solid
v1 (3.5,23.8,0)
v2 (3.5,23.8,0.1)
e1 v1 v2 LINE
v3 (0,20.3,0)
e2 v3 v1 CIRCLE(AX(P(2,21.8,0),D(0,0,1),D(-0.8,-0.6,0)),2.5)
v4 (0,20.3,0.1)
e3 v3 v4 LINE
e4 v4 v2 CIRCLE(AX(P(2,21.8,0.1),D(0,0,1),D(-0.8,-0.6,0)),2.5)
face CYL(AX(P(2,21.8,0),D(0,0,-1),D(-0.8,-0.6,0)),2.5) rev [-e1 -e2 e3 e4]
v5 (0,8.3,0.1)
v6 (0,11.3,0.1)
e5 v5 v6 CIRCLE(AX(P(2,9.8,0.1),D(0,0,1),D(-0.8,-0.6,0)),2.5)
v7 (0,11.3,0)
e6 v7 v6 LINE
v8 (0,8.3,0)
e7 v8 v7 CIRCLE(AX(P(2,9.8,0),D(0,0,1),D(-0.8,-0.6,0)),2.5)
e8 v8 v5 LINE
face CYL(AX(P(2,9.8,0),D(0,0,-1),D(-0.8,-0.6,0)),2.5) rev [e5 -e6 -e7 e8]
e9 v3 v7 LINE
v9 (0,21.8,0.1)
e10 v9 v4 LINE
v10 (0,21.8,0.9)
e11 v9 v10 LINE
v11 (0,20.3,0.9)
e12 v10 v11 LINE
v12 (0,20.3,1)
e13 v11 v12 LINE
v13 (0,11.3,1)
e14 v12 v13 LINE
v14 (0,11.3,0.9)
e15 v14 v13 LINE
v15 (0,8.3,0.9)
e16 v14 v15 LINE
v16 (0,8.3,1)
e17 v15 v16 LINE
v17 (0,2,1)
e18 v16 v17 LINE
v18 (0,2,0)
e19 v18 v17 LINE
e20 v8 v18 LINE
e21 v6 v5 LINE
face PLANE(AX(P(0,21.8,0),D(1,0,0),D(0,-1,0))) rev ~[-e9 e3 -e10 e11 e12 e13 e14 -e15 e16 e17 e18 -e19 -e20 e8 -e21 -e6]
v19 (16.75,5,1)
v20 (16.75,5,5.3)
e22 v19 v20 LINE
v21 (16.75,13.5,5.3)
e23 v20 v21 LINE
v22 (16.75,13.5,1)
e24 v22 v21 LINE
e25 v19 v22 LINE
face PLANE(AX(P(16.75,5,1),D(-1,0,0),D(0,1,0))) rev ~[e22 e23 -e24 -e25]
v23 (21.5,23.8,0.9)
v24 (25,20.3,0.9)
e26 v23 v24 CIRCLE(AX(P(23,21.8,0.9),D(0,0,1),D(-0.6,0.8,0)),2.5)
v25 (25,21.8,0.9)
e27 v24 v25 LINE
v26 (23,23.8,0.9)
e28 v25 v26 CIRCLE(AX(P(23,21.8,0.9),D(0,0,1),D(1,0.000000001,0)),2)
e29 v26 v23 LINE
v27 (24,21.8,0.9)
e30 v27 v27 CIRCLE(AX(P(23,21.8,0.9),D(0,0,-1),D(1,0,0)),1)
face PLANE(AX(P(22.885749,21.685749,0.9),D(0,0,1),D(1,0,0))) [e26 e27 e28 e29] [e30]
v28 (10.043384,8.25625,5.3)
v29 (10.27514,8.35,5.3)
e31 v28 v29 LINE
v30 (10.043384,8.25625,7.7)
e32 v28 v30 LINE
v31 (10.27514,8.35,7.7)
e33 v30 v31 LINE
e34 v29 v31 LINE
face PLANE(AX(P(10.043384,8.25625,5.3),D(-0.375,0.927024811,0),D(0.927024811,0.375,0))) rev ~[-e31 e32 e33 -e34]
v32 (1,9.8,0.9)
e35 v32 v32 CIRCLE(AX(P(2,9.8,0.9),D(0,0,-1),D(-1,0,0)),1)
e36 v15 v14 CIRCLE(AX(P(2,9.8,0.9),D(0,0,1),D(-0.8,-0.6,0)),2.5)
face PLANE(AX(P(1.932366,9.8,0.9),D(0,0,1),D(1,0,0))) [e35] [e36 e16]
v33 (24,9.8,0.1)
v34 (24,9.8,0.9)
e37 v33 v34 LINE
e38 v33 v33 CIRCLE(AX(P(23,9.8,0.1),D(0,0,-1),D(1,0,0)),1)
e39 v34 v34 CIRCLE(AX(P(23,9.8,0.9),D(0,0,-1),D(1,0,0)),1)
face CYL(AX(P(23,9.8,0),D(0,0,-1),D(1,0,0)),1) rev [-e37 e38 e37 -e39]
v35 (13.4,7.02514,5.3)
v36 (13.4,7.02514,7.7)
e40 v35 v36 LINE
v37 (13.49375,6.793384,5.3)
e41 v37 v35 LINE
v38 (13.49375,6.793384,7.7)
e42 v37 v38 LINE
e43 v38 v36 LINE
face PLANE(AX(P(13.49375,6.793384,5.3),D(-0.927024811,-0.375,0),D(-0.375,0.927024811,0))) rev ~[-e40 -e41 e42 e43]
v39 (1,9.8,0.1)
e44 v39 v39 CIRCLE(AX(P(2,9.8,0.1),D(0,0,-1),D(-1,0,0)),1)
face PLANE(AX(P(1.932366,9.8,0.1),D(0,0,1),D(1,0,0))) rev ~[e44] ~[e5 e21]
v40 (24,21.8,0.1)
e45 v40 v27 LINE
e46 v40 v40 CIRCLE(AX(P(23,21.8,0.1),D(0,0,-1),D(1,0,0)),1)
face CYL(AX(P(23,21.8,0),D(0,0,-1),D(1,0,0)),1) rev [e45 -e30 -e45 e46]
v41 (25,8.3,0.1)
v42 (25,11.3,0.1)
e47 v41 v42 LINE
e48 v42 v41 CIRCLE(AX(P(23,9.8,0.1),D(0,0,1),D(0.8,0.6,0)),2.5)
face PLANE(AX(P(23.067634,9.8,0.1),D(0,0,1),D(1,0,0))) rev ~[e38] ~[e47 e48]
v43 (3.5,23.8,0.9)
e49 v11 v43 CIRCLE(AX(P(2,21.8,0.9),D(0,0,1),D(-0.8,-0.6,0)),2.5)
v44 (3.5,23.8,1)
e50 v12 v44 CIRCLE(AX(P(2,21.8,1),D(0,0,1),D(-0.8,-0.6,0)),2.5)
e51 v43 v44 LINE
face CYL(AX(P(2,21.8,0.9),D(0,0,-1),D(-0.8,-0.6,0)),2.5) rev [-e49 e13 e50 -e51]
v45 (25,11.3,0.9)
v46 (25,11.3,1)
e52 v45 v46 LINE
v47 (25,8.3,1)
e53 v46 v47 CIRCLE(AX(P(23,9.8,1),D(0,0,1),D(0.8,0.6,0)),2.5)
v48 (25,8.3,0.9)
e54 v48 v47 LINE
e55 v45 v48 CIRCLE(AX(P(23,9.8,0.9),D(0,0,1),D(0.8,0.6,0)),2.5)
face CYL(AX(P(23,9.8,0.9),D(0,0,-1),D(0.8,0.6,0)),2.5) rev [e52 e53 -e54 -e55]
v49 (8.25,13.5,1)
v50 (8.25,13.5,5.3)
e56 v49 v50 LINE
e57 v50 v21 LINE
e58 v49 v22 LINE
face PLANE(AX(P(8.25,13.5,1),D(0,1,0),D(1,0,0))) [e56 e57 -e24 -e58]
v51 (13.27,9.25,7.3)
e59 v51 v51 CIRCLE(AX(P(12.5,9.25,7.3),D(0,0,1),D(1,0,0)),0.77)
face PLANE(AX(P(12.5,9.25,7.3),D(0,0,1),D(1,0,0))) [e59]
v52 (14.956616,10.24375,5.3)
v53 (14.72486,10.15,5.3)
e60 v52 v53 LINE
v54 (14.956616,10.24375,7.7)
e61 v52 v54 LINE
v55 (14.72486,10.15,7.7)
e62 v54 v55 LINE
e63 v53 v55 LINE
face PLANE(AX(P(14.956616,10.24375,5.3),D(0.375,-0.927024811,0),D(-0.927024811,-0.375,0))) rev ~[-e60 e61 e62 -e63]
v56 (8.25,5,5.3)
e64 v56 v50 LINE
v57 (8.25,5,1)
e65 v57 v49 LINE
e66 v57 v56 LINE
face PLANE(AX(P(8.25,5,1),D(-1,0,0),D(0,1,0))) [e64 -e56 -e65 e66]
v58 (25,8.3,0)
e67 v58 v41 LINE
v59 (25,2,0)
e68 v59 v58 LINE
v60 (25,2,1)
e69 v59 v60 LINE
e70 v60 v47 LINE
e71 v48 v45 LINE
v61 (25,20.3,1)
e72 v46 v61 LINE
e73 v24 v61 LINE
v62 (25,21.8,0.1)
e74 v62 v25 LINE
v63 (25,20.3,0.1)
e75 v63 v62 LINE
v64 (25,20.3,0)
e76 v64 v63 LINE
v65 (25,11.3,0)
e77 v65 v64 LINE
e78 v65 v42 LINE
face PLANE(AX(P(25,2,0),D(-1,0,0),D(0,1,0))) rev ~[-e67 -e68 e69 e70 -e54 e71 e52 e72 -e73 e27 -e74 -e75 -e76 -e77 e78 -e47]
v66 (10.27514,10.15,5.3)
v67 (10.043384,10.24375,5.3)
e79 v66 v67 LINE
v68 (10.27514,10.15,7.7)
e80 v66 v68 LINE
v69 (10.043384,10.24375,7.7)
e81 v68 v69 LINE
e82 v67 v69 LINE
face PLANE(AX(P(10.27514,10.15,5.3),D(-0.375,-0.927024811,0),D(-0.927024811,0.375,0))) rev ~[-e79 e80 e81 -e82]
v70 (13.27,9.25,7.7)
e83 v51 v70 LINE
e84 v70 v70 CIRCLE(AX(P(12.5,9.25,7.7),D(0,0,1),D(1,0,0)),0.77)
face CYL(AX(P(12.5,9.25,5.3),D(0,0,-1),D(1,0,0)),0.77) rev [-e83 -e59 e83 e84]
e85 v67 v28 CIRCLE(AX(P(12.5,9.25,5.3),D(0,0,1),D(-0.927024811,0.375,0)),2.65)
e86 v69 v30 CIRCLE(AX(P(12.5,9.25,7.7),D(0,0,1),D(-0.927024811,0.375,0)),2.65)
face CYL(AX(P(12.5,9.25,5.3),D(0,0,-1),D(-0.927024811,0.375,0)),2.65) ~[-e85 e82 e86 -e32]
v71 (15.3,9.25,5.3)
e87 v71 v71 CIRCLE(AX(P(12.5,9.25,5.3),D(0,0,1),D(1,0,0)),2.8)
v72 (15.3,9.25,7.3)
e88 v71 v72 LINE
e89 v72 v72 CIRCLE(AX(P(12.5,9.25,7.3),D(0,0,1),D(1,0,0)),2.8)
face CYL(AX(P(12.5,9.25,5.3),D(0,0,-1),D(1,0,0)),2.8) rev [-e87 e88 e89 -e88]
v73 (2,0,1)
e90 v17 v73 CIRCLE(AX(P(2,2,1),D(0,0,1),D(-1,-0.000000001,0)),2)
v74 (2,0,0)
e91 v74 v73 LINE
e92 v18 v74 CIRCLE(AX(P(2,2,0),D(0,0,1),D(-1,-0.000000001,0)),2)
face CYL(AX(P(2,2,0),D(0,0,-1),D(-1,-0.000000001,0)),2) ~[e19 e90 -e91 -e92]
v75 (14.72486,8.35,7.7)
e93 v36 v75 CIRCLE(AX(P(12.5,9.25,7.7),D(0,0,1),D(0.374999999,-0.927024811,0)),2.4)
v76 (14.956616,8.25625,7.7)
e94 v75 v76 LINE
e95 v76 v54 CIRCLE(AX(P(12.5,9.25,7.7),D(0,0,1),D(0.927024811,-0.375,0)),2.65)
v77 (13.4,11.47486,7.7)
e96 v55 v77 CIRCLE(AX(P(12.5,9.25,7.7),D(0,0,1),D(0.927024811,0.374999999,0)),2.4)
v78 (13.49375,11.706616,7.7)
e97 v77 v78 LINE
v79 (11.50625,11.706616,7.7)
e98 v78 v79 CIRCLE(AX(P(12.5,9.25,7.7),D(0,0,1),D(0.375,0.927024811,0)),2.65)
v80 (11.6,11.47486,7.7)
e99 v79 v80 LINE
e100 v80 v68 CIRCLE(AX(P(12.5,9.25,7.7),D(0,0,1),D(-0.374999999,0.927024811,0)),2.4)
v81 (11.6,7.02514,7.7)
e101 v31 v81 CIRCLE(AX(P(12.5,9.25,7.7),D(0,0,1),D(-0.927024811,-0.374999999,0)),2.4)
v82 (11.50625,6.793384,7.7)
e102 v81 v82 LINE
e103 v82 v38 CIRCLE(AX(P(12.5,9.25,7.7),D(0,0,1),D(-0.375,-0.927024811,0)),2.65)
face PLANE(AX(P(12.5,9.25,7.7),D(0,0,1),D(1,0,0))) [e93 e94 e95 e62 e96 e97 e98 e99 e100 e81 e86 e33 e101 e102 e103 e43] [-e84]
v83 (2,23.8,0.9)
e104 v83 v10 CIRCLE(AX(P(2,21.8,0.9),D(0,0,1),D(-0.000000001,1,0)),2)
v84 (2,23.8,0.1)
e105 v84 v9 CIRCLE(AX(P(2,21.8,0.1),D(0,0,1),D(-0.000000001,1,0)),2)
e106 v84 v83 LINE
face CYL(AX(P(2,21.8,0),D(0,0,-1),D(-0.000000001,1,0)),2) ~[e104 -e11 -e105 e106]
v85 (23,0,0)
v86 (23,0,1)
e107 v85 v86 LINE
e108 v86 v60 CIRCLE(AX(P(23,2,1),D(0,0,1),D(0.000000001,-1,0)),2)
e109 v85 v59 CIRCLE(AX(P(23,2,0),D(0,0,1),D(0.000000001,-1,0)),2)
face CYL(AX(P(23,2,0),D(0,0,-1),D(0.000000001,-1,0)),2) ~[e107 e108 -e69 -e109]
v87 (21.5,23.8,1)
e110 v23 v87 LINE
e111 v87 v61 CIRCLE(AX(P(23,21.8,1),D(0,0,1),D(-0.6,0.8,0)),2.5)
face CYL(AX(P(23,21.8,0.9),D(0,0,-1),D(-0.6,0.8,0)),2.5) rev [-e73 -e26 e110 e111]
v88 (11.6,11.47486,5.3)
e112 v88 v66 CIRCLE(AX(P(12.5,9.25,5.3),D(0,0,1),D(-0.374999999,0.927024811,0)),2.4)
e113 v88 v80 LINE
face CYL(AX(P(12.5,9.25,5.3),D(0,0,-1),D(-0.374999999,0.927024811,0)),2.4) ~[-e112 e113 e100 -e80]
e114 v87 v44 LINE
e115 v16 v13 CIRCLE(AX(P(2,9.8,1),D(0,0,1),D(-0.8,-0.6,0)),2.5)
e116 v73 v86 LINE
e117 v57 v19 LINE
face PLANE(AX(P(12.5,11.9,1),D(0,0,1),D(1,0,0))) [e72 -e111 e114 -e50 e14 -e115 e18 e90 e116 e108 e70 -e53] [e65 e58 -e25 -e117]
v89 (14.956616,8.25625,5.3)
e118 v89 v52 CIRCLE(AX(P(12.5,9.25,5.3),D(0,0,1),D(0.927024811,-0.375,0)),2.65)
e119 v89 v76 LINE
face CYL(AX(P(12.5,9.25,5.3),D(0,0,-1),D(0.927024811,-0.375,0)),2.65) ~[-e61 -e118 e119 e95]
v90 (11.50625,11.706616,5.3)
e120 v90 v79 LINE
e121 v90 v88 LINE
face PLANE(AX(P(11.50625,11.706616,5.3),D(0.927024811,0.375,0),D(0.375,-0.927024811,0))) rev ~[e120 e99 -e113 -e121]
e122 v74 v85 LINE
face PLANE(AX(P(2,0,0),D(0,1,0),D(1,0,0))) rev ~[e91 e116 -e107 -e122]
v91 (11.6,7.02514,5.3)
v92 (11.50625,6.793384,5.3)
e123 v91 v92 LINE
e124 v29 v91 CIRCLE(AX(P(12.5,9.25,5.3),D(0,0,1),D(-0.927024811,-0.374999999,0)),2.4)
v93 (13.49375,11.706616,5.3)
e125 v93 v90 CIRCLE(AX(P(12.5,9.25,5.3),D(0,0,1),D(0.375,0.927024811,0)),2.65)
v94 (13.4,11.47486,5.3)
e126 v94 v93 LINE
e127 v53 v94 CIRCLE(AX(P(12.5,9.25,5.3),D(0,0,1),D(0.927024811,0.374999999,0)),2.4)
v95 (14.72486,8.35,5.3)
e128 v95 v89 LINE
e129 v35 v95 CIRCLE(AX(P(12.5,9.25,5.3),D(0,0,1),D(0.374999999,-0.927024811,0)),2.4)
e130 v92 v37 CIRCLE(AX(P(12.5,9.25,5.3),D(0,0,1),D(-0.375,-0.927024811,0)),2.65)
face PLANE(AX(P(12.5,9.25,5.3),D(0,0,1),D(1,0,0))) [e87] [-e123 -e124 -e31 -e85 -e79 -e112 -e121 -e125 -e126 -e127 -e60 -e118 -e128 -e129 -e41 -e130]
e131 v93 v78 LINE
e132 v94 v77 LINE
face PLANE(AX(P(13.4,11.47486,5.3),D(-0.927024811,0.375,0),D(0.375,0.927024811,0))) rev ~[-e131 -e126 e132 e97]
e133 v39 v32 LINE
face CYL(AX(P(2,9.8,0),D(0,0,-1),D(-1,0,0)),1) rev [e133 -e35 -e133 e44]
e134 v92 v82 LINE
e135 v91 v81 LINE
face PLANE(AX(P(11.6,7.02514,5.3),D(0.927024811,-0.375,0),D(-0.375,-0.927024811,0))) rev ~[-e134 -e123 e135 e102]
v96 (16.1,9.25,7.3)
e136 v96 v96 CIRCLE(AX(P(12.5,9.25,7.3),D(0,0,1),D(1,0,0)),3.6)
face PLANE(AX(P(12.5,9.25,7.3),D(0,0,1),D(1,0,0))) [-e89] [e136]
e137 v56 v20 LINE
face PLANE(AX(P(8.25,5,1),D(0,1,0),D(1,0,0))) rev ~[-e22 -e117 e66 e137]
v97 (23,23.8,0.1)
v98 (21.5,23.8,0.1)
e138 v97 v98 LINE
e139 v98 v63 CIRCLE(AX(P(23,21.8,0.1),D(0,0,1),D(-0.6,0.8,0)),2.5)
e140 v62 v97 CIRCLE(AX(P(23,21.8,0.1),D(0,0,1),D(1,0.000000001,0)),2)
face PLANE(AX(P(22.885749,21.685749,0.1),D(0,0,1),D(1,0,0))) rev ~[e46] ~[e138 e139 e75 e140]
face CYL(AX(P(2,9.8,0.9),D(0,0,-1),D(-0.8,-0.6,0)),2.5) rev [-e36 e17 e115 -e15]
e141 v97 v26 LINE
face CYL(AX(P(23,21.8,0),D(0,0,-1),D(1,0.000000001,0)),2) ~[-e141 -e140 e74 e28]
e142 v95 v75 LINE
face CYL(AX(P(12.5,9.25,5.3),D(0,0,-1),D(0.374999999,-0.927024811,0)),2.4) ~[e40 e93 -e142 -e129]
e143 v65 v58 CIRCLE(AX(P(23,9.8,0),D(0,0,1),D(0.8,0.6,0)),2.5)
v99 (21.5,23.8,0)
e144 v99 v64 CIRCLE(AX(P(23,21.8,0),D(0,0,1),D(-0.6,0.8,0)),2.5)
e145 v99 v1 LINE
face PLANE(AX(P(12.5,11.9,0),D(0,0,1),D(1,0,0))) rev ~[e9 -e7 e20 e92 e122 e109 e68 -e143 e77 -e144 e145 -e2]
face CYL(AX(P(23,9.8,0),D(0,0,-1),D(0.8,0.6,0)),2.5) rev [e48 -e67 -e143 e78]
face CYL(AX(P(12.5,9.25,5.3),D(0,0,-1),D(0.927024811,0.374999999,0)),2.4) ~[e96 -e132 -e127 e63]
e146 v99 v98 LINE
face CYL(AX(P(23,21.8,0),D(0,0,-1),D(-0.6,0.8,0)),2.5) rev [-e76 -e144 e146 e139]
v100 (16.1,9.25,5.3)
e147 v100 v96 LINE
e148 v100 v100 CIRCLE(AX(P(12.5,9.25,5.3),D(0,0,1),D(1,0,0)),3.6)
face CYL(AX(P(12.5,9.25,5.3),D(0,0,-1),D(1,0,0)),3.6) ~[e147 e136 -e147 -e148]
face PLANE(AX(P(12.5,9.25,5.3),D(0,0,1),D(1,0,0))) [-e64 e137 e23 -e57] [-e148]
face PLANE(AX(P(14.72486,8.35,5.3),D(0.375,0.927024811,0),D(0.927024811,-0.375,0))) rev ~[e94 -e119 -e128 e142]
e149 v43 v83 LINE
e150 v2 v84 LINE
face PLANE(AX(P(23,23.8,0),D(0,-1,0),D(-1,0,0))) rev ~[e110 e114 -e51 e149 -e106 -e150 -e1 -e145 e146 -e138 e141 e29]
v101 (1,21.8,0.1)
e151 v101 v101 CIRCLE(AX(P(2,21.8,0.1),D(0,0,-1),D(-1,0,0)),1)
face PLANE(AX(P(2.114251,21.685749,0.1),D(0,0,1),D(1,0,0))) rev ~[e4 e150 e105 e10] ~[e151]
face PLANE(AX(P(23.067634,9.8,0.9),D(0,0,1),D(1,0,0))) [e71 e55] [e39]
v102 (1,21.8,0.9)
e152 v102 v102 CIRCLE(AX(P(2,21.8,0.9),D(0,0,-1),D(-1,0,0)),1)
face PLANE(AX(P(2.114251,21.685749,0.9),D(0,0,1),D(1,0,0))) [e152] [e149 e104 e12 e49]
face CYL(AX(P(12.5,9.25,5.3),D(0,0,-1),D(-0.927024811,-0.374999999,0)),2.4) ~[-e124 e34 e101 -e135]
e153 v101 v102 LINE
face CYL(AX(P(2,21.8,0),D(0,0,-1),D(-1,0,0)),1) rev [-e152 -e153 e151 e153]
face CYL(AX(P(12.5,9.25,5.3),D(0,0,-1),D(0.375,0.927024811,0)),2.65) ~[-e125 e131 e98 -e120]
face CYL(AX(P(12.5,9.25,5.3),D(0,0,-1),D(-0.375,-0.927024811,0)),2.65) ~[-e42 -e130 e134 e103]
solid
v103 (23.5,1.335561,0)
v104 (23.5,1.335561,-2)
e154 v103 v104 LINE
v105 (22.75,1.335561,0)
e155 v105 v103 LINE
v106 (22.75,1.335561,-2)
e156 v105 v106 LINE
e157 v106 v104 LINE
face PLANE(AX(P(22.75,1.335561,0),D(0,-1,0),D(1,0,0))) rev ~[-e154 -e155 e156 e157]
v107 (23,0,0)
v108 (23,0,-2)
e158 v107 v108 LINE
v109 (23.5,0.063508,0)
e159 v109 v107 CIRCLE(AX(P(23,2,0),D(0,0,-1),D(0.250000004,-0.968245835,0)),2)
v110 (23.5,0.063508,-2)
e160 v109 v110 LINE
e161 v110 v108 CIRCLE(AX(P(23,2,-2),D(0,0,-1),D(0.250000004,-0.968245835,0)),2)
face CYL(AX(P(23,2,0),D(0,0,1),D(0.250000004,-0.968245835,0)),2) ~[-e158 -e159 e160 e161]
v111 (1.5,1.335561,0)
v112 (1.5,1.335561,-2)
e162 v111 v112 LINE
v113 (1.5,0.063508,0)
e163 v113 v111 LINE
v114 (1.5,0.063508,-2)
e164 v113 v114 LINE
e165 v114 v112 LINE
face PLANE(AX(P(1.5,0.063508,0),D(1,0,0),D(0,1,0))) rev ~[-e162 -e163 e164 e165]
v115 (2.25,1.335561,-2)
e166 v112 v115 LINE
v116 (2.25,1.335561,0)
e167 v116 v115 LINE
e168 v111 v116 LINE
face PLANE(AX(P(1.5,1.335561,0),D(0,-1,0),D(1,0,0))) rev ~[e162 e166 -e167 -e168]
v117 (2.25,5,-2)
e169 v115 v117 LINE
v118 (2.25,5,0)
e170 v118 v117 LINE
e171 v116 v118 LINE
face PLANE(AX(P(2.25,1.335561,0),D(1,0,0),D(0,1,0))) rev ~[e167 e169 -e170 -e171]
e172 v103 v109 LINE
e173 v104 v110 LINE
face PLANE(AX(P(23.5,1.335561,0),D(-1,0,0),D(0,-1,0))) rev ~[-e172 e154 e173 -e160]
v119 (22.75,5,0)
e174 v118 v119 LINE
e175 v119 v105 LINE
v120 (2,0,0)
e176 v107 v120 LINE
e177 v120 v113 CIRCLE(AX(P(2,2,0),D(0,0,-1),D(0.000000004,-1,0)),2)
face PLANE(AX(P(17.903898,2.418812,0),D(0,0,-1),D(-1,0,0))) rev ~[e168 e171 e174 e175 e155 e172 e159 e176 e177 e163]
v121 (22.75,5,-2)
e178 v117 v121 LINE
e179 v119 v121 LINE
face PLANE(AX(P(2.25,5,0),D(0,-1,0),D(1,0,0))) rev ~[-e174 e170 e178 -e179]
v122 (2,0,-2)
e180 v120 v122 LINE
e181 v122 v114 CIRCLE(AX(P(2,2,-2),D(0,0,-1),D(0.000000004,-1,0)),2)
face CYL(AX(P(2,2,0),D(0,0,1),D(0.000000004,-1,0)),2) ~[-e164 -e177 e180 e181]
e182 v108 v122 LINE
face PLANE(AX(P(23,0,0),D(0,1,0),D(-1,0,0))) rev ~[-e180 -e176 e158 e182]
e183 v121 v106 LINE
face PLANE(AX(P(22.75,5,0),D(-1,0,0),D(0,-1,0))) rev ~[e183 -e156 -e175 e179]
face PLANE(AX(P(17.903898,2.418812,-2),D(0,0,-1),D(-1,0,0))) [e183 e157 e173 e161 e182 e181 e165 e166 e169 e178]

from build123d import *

# Parameters (mm, degrees)
SKETCH_1_R          = 1
EXTRUDE_1_DEPTH     = 1
CUT_EXTRUDE_START   = -0.1
CUT_EXTRUDE_1_DEPTH = 0.1
CUT_EXTRUDE_2_DEPTH = 0.1
SKETCH_2_W          = 8.5
SKETCH_2_H          = 8.5
EXTRUDE_2_DEPTH     = 4.3
SKETCH_3_R          = 3.6
SKETCH_3_R_2        = 2.8
EXTRUDE_3_DEPTH     = 2
SKETCH_4_R          = 0.77
EXTRUDE_4_DEPTH     = 2.4
SKETCH_5_R          = 0.77
EXTRUDE_5_DEPTH     = 2
EXTRUDE_6_DEPTH     = 2


with BuildPart() as part:
    # 草图1 → 凸台-拉伸1 (new body)
    with BuildSketch(Plane.XY):
        with BuildLine():
            Line((2, 0), (23, 0))
            ThreePointArc((23, 0), (24.414213562, 0.585786438), (25, 2))
            Line((25, 2), (25, 21.8))
            ThreePointArc((25, 21.8), (24.414213562, 23.214213562), (23, 23.8))
            Line((23, 23.8), (2, 23.8))
            ThreePointArc((2, 23.8), (0.585786438, 23.214213562), (0, 21.8))
            Line((0, 21.8), (0, 2))
            ThreePointArc((0, 2), (0.585786438, 0.585786438), (2, 0))
        make_face()
        with Locations((23, 21.8)):
            Circle(SKETCH_1_R, mode=Mode.SUBTRACT)
        with Locations(Location((2, 21.8, 0), (0, 0, 180))):
            Circle(SKETCH_1_R, mode=Mode.SUBTRACT)
        with Locations(Location((2, 9.8, 0), (0, 0, 180))):
            Circle(SKETCH_1_R, mode=Mode.SUBTRACT)
        with Locations((23, 9.8)):
            Circle(SKETCH_1_R, mode=Mode.SUBTRACT)
    extrude(amount=EXTRUDE_1_DEPTH)

    # 草图6 → 切除-拉伸1 (cut)
    with BuildSketch(Plane.XY.offset(1).offset(CUT_EXTRUDE_START)):
        with BuildLine():
            Line((25, 20.3), (25, 21.8))
            ThreePointArc((25, 21.8), (24.414213562, 23.214213562), (23, 23.8))
            Line((23, 23.8), (21.5, 23.8))
            ThreePointArc((21.5, 23.8), (21.232233047, 20.032233047), (25, 20.3))
        make_face()
        with BuildLine():
            Line((0, 11.3), (0, 8.3))
            ThreePointArc((0, 8.3), (4.5, 9.8), (0, 11.3))
        make_face()
        with BuildLine():
            Line((3.5, 23.8), (2, 23.8))
            ThreePointArc((2, 23.8), (0.585786438, 23.214213562), (0, 21.8))
            Line((0, 21.8), (0, 20.3))
            ThreePointArc((0, 20.3), (3.767766953, 20.032233047), (3.5, 23.8))
        make_face()
        with BuildLine():
            Line((25, 8.3), (25, 11.3))
            ThreePointArc((25, 11.3), (20.5, 9.8), (25, 8.3))
        make_face()
    extrude(amount=CUT_EXTRUDE_1_DEPTH, mode=Mode.SUBTRACT)

    # 草图7 → 切除-拉伸2 (cut)
    with BuildSketch(Plane(origin=(0, 0, 0), x_dir=(-1, 0, 0), z_dir=(0, 0, -1))):
        with BuildLine():
            Line((-3.5, 23.8), (-2, 23.8))
            ThreePointArc((-2, 23.8), (-0.585786438, 23.214213562), (0, 21.8))
            Line((0, 21.8), (0, 20.3))
            ThreePointArc((0, 20.3), (-3.767766953, 20.032233047), (-3.5, 23.8))
        make_face()
        with BuildLine():
            Line((0, 11.3), (0, 8.3))
            ThreePointArc((0, 8.3), (-4.5, 9.8), (0, 11.3))
        make_face()
        with BuildLine():
            Line((-25, 8.3), (-25, 11.3))
            ThreePointArc((-25, 11.3), (-20.5, 9.8), (-25, 8.3))
        make_face()
        with BuildLine():
            Line((-23, 23.8), (-21.5, 23.8))
            ThreePointArc((-21.5, 23.8), (-21.232233047, 20.032233047), (-25, 20.3))
            Line((-25, 20.3), (-25, 21.8))
            ThreePointArc((-25, 21.8), (-24.414213562, 23.214213562), (-23, 23.8))
        make_face()
    extrude(amount=-CUT_EXTRUDE_2_DEPTH, mode=Mode.SUBTRACT)

    # 草图2 → 凸台-拉伸2 (add)
    with BuildSketch(Plane.XY.offset(1)):
        with Locations((12.5, 9.25)):
            Rectangle(SKETCH_2_W, SKETCH_2_H)
    extrude(amount=EXTRUDE_2_DEPTH)

    # 草图3 → 凸台-拉伸3 (add)
    with BuildSketch(Plane.XY.offset(5.3)):
        with Locations((12.5, 9.25)):
            Circle(SKETCH_3_R)
        with Locations((12.5, 9.25)):
            Circle(SKETCH_3_R_2, mode=Mode.SUBTRACT)
    extrude(amount=EXTRUDE_3_DEPTH)

    # 草图4 → 凸台-拉伸4 (add)
    with BuildSketch(Plane.XY.offset(5.3)):
        with BuildLine():
            Line((11.50625, 11.706615749), (11.6, 11.474859546))
            ThreePointArc((11.6, 11.474859546), (10.802943725, 10.947056275), (10.275140454, 10.15))
            Line((10.275140454, 10.15), (10.043384251, 10.24375))
            ThreePointArc((10.043384251, 10.24375), (9.85, 9.25), (10.043384251, 8.25625))
            Line((10.043384251, 8.25625), (10.275140454, 8.35))
            ThreePointArc((10.275140454, 8.35), (10.802943725, 7.552943725), (11.6, 7.025140454))
            Line((11.6, 7.025140454), (11.50625, 6.793384251))
            ThreePointArc((11.50625, 6.793384251), (12.5, 6.6), (13.49375, 6.793384251))
            Line((13.49375, 6.793384251), (13.4, 7.025140454))
            ThreePointArc((13.4, 7.025140454), (14.197056275, 7.552943725), (14.724859546, 8.35))
            Line((14.724859546, 8.35), (14.956615749, 8.25625))
            ThreePointArc((14.956615749, 8.25625), (15.15, 9.25), (14.956615749, 10.24375))
            Line((14.956615749, 10.24375), (14.724859546, 10.15))
            ThreePointArc((14.724859546, 10.15), (14.197056275, 10.947056275), (13.4, 11.474859546))
            Line((13.4, 11.474859546), (13.49375, 11.706615749))
            ThreePointArc((13.49375, 11.706615749), (12.5, 11.9), (11.50625, 11.706615749))
        make_face()
        with Locations((12.5, 9.25)):
            Circle(SKETCH_4_R, mode=Mode.SUBTRACT)
    extrude(amount=EXTRUDE_4_DEPTH)

    # 草图5 → 凸台-拉伸5 (add)
    with BuildSketch(Plane.XY.offset(5.3)):
        with Locations((12.5, 9.25)):
            Circle(SKETCH_5_R)
    extrude(amount=EXTRUDE_5_DEPTH)


with BuildPart() as body_2:
    # 草图8 → 凸台-拉伸6 (new body)
    with BuildSketch(Plane(origin=(0, 0, 0), x_dir=(-1, 0, 0), z_dir=(0, 0, -1))):
        with BuildLine():
            ThreePointArc((-23.5, 0.063508327), (-23.252008585, 0.015940607), (-23, 0))
            Line((-23, 0), (-12.5, 0))
            Line((-12.5, 0), (-12.5, 5))
            Line((-12.5, 5), (-22.75, 5))
            Line((-22.75, 5), (-22.75, 1.335560583))
            Line((-22.75, 1.335560583), (-23.5, 1.335560583))
            Line((-23.5, 1.335560583), (-23.5, 0.063508327))
        make_face()
        with BuildLine():
            Line((-12.5, 5), (-12.5, 0))
            Line((-12.5, 0), (-2, 0))
            ThreePointArc((-2, 0), (-1.747991415, 0.015940607), (-1.5, 0.063508327))
            Line((-1.5, 0.063508327), (-1.5, 1.335560583))
            Line((-1.5, 1.335560583), (-2.25, 1.335560583))
            Line((-2.25, 1.335560583), (-2.25, 5))
            Line((-2.25, 5), (-12.5, 5))
        make_face()
    extrude(amount=EXTRUDE_6_DEPTH)


solid = Compound([part.part, body_2.part])
